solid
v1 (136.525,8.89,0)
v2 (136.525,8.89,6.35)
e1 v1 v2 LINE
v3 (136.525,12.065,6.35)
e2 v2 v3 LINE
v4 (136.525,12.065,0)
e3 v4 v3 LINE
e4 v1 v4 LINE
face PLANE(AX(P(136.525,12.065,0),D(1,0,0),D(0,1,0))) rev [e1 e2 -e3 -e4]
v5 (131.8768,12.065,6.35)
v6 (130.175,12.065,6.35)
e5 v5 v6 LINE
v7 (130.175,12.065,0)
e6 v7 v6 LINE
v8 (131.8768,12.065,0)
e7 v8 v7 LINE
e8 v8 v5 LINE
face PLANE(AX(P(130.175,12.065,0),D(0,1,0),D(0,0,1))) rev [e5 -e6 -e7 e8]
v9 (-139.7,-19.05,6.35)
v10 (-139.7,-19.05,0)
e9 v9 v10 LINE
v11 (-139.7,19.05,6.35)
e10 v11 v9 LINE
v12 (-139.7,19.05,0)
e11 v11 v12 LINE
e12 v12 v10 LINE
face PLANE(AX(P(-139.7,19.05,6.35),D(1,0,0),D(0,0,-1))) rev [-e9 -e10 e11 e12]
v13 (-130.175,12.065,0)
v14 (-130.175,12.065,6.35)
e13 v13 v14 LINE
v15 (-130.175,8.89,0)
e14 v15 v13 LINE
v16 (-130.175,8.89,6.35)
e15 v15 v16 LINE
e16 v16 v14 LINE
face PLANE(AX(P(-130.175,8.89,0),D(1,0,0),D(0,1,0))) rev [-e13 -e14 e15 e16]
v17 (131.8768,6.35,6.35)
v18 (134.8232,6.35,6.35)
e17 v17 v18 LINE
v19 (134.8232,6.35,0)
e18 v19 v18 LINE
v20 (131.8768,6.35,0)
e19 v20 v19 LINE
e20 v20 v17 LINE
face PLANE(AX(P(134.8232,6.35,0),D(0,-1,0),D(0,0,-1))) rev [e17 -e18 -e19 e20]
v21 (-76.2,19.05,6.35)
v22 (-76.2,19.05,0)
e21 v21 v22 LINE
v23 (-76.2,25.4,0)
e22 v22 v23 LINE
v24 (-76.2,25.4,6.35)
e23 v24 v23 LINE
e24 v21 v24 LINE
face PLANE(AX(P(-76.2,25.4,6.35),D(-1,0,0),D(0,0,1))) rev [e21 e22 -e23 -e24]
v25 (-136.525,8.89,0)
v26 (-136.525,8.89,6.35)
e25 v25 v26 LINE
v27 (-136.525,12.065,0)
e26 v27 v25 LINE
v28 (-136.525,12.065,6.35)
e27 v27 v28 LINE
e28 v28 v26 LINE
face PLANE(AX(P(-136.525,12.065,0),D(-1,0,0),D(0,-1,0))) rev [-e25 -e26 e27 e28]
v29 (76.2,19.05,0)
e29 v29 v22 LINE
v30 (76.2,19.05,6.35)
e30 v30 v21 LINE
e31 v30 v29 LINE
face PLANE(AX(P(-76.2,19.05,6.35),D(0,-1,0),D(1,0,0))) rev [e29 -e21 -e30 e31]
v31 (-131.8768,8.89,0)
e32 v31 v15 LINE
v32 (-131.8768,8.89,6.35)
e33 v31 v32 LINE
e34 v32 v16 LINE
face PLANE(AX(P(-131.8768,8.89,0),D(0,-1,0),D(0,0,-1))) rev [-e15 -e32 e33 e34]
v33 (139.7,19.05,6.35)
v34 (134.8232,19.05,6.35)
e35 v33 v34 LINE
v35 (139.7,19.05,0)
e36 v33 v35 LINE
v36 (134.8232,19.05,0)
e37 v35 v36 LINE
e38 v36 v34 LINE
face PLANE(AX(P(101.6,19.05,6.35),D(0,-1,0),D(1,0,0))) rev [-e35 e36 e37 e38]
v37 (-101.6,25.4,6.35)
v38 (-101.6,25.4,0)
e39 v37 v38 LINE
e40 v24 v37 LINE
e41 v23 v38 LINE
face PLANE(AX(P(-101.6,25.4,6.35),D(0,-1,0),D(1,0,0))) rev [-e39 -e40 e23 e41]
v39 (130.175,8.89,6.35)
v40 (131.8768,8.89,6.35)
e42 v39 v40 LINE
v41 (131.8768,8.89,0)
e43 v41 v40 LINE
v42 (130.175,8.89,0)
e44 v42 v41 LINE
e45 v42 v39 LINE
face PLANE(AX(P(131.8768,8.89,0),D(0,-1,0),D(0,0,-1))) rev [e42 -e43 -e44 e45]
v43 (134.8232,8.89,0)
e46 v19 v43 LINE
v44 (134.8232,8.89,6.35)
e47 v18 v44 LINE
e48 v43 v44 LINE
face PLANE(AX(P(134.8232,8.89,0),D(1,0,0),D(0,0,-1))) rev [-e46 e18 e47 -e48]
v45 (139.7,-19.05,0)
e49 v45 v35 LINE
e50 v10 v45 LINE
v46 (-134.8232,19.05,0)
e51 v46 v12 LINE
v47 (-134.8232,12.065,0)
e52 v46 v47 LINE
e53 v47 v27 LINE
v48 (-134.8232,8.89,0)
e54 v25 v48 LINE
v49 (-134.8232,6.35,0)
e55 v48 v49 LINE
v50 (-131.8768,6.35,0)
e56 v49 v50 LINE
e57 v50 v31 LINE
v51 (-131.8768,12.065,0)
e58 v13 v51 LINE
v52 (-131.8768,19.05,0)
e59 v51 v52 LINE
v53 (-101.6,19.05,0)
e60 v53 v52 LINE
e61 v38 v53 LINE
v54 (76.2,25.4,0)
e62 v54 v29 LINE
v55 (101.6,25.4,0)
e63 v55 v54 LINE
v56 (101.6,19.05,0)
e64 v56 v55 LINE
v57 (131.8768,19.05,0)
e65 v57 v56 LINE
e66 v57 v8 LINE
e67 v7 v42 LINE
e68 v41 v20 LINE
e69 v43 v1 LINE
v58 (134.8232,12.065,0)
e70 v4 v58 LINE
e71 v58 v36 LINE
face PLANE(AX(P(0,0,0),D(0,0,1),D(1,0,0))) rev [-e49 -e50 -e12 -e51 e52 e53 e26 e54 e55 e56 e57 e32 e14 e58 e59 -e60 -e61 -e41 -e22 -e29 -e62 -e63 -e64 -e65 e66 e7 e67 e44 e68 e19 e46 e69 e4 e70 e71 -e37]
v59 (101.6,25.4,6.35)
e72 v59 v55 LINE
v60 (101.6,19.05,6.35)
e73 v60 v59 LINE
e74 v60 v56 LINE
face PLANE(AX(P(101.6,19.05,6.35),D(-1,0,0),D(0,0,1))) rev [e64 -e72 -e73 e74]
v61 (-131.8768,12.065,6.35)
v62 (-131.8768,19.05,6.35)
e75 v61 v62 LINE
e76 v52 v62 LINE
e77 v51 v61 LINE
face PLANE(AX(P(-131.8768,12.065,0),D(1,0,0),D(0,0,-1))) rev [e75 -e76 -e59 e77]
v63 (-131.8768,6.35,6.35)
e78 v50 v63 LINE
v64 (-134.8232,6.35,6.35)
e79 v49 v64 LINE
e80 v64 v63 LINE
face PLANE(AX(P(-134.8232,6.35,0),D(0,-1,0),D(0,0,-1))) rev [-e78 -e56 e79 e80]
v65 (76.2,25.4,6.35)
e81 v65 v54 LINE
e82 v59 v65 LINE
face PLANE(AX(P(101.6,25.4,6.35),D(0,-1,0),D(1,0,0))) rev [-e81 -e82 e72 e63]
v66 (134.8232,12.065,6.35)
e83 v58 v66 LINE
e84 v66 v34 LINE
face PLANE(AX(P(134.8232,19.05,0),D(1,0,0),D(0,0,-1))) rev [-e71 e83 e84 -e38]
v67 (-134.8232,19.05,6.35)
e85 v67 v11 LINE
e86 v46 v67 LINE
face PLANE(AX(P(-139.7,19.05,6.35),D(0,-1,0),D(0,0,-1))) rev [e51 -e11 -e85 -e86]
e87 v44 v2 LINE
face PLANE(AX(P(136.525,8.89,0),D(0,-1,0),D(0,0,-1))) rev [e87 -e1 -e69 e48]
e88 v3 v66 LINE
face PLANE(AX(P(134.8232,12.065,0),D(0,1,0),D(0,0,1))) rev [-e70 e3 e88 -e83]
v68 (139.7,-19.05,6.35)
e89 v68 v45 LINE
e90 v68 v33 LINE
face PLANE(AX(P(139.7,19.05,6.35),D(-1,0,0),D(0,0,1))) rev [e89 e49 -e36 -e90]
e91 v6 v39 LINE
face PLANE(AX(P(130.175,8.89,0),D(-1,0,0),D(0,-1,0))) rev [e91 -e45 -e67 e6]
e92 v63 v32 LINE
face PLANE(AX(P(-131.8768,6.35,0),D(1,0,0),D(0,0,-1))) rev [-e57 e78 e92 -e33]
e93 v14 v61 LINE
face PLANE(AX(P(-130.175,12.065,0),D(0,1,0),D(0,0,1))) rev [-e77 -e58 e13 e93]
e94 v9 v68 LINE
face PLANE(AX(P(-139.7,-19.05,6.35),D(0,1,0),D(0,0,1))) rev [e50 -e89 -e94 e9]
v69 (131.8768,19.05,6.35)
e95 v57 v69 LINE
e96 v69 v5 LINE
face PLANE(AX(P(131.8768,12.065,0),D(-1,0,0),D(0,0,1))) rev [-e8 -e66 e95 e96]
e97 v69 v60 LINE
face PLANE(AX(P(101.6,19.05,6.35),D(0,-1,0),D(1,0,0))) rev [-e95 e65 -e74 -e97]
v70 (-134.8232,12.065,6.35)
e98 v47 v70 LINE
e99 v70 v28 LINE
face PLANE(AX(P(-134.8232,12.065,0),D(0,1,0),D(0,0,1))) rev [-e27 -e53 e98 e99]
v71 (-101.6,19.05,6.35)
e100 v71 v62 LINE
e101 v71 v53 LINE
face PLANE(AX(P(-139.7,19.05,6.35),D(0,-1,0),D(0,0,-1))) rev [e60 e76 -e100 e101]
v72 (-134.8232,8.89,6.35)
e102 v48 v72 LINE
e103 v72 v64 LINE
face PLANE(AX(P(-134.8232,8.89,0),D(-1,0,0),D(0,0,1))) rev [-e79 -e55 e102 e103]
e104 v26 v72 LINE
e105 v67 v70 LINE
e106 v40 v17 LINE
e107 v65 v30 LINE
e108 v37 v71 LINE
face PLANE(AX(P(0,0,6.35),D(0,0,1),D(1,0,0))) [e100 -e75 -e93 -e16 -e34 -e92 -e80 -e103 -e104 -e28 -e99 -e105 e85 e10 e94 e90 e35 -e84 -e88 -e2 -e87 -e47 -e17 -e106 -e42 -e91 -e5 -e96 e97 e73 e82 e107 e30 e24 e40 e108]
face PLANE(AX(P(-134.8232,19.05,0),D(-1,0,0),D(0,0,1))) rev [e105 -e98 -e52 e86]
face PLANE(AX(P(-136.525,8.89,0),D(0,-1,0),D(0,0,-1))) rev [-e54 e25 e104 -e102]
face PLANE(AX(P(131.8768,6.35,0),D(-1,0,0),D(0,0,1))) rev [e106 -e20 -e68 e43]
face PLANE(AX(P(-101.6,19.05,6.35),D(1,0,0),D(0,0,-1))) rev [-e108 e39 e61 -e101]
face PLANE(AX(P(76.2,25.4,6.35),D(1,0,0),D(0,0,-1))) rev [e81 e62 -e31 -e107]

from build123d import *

# Parameters (mm, degrees)
BOSS_EXTRUDE1_DEPTH = 6.35
CUT_EXTRUDE1_DEPTH  = 6.35


with BuildPart() as part:
    # Sketch1 → Boss-Extrude1 (new body)
    with BuildSketch(Plane.XY):
        Polygon((-101.6, 19.05), (-101.6, 25.4), (-76.2, 25.4), (-76.2, 19.05), (76.2, 19.05), (76.2, 25.4), (101.6, 25.4), (101.6, 19.05), (139.7, 19.05), (139.7, -19.05), (-139.7, -19.05), (-139.7, 19.05), align=None)
    extrude(amount=BOSS_EXTRUDE1_DEPTH)

    # Sketch2 → Cut-Extrude1 (cut)
    with BuildSketch(Plane.XY.offset(6.35)):
        Polygon((-134.8232, 19.05), (-134.8232, 12.065), (-136.525, 12.065), (-136.525, 8.89), (-134.8232, 8.89), (-134.8232, 6.35), (-131.8768, 6.35), (-131.8768, 8.89), (-130.175, 8.89), (-130.175, 12.065), (-131.8768, 12.065), (-131.8768, 19.05), align=None)
        Polygon((131.8768, 12.065), (131.8768, 19.05), (134.8232, 19.05), (134.8232, 12.065), (136.525, 12.065), (136.525, 8.89), (134.8232, 8.89), (134.8232, 6.35), (131.8768, 6.35), (131.8768, 8.89), (130.175, 8.89), (130.175, 12.065), align=None)
    extrude(amount=-CUT_EXTRUDE1_DEPTH, mode=Mode.SUBTRACT)


solid = part.part
